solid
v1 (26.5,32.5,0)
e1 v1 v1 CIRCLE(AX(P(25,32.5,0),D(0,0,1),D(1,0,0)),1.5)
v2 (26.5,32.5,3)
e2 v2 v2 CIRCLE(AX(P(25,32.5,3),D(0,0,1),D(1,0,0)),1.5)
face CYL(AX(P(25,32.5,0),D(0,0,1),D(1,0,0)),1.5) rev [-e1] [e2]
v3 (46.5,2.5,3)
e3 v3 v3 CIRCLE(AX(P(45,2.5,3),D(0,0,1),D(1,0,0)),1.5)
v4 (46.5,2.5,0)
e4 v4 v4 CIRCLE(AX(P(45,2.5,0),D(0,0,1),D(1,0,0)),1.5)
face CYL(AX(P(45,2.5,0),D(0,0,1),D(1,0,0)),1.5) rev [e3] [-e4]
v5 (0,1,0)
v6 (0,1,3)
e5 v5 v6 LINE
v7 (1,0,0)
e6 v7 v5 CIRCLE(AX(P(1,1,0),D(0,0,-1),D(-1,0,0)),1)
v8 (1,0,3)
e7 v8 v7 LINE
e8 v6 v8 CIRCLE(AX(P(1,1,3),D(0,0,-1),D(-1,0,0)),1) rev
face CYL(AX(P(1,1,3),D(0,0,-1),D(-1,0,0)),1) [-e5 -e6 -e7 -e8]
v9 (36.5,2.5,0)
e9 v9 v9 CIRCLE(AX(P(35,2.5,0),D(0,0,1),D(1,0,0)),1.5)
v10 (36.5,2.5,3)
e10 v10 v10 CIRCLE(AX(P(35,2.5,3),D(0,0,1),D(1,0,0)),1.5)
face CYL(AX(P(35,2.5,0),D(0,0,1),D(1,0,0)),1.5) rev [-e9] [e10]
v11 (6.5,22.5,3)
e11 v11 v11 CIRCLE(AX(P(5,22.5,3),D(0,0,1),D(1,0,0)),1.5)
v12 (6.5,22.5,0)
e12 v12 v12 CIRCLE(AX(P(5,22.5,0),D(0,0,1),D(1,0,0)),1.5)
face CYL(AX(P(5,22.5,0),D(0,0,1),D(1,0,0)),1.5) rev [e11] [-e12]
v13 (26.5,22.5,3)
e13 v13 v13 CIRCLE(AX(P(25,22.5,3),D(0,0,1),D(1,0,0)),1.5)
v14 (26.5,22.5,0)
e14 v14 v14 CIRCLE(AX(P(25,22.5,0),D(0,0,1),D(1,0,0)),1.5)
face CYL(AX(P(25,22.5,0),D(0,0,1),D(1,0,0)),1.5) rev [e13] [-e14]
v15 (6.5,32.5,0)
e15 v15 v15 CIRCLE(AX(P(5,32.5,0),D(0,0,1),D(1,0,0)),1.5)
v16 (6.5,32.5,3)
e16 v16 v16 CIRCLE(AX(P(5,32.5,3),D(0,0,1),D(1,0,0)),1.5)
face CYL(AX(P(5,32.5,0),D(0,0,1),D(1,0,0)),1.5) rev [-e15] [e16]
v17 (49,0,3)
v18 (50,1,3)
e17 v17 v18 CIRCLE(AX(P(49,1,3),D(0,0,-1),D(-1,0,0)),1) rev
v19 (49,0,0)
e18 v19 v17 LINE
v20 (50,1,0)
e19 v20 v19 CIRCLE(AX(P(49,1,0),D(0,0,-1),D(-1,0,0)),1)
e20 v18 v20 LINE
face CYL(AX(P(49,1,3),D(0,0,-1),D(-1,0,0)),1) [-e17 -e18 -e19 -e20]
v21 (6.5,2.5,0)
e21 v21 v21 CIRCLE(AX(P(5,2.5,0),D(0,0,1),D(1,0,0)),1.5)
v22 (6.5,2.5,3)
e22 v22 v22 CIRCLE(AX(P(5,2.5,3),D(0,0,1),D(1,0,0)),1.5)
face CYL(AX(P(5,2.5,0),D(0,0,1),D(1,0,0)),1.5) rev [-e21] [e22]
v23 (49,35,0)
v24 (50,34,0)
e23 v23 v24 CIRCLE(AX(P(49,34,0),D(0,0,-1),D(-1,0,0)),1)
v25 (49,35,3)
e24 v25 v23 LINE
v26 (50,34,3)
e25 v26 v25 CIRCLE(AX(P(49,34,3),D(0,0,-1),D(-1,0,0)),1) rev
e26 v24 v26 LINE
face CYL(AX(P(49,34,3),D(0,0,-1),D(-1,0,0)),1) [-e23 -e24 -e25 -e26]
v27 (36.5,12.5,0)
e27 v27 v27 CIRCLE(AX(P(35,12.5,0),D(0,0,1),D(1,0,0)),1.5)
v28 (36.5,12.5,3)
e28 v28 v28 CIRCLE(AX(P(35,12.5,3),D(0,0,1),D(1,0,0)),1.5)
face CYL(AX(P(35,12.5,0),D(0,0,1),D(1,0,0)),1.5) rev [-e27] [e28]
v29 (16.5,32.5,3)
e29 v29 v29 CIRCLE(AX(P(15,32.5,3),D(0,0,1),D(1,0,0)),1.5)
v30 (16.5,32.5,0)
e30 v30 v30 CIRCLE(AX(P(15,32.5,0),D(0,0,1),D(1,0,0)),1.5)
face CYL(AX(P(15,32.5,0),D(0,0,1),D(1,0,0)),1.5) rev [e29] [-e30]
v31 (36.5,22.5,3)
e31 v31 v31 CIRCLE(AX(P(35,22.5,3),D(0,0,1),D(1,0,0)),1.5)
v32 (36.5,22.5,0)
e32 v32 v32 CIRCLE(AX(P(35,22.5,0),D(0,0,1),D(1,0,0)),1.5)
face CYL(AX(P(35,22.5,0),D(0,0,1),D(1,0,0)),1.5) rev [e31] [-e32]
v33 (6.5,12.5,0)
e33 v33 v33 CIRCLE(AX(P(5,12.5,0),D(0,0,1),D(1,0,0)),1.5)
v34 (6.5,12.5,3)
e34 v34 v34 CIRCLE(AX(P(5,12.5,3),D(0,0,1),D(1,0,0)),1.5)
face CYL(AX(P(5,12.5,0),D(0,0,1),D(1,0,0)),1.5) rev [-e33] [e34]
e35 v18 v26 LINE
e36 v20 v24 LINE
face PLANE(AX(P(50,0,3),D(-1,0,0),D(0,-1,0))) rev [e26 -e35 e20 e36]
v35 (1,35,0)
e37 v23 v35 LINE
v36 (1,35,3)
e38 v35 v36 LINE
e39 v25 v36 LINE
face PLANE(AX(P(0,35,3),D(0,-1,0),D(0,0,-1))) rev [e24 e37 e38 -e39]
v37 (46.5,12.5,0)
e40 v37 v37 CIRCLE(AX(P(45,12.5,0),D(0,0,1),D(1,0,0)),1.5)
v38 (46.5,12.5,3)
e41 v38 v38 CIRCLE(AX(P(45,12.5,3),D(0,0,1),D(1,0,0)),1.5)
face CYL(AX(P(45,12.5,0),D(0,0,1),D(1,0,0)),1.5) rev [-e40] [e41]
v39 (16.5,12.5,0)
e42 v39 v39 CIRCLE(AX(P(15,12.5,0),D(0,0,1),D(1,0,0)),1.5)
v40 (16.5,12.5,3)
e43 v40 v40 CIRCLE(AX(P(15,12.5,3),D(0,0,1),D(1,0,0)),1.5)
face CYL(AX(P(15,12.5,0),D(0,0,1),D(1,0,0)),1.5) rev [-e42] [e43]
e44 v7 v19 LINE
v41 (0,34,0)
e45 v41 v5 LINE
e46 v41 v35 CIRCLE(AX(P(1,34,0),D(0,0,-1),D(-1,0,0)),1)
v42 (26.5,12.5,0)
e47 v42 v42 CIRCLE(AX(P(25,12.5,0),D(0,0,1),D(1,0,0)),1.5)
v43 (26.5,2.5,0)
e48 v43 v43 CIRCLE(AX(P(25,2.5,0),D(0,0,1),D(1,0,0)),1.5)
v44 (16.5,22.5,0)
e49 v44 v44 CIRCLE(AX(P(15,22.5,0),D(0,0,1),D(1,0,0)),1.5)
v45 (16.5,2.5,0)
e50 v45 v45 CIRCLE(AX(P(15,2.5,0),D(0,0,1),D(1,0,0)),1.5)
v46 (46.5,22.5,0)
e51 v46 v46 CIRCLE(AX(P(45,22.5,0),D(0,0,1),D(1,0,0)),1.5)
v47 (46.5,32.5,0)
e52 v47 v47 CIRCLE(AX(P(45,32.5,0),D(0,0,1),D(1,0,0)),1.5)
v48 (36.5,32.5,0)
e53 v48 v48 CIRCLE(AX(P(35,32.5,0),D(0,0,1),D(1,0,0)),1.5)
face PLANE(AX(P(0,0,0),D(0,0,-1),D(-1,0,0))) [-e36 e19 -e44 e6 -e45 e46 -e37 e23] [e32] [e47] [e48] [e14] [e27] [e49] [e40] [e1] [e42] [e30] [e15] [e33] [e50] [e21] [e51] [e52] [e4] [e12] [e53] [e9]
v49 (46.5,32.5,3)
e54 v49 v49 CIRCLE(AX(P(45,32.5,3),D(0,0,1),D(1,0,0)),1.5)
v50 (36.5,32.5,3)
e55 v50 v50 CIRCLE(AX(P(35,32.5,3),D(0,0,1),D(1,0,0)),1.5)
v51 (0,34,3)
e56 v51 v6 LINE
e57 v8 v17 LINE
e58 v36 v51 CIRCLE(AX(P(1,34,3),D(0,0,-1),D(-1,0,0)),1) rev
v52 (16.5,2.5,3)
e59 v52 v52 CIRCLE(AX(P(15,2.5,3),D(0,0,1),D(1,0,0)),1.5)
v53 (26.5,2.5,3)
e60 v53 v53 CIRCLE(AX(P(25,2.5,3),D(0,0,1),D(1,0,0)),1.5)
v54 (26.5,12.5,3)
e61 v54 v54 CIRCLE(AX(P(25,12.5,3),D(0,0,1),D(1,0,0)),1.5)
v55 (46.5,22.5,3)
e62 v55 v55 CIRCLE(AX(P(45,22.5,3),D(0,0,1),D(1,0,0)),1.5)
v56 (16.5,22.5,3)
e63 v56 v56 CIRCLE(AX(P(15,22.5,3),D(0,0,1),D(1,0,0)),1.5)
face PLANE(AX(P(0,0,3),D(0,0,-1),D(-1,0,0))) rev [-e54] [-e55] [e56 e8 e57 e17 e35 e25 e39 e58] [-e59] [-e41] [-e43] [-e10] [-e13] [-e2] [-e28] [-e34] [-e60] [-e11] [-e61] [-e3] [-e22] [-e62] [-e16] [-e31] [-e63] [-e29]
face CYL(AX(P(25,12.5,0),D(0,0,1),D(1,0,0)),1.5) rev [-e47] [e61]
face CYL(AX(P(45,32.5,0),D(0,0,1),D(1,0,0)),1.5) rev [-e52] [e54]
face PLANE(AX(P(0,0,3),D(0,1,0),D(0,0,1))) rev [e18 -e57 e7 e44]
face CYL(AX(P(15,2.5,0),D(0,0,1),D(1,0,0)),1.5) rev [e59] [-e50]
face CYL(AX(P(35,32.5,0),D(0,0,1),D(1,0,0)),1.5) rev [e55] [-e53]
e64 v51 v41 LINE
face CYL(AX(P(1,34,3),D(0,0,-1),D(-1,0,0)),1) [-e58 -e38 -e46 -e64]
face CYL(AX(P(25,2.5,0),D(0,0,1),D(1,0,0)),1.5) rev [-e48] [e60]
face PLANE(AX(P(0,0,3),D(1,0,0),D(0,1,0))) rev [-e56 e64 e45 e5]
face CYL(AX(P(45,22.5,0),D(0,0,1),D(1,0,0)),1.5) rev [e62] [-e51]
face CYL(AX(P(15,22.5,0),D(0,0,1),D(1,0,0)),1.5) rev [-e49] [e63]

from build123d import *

# Parameters (mm, degrees)
ESQUISSE1_W             = 50
ESQUISSE1_H             = 35
BOSS_EXTRU_1_DEPTH      = 3
ESQUISSE2_R             = 1.5
ENL_V_MAT_EXTRU_1_DEPTH = 3
CONG_1_R                = 1


with BuildPart() as part:
    # Esquisse1 → Boss.-Extru.1 (new body)
    with BuildSketch(Plane.XY):
        with Locations((25, 17.5)):
            Rectangle(ESQUISSE1_W, ESQUISSE1_H)
    extrude(amount=BOSS_EXTRU_1_DEPTH)

    # Esquisse2 → Enlèv. mat.-Extru.1 (cut)
    with BuildSketch(Plane.XY.offset(3)):
        with Locations((5, 32.5)):
            Circle(ESQUISSE2_R)
        with Locations((15, 32.5)):
            Circle(ESQUISSE2_R)
        with Locations((25, 32.5)):
            Circle(ESQUISSE2_R)
        with Locations((35, 32.5)):
            Circle(ESQUISSE2_R)
        with Locations((45, 32.5)):
            Circle(ESQUISSE2_R)
        with Locations((15, 22.5)):
            Circle(ESQUISSE2_R)
        with Locations((25, 22.5)):
            Circle(ESQUISSE2_R)
        with Locations((35, 22.5)):
            Circle(ESQUISSE2_R)
        with Locations((45, 22.5)):
            Circle(ESQUISSE2_R)
        with Locations((15, 12.5)):
            Circle(ESQUISSE2_R)
        with Locations((25, 12.5)):
            Circle(ESQUISSE2_R)
        with Locations((35, 12.5)):
            Circle(ESQUISSE2_R)
        with Locations((45, 12.5)):
            Circle(ESQUISSE2_R)
        with Locations((15, 2.5)):
            Circle(ESQUISSE2_R)
        with Locations((25, 2.5)):
            Circle(ESQUISSE2_R)
        with Locations((35, 2.5)):
            Circle(ESQUISSE2_R)
        with Locations((45, 2.5)):
            Circle(ESQUISSE2_R)
        with Locations((5, 22.5)):
            Circle(ESQUISSE2_R)
        with Locations((5, 12.5)):
            Circle(ESQUISSE2_R)
        with Locations((5, 2.5)):
            Circle(ESQUISSE2_R)
    extrude(amount=-ENL_V_MAT_EXTRU_1_DEPTH, mode=Mode.SUBTRACT)

    # Congé1
    cong_1_edges = [part.edges().sort_by_distance(p)[0] for p in [
        (0, 35, 1.5),
        (50, 35, 1.5),
        (50, 0, 1.5),
        (0, 0, 1.5),
    ]]
    fillet(cong_1_edges, radius=CONG_1_R)


solid = part.part
